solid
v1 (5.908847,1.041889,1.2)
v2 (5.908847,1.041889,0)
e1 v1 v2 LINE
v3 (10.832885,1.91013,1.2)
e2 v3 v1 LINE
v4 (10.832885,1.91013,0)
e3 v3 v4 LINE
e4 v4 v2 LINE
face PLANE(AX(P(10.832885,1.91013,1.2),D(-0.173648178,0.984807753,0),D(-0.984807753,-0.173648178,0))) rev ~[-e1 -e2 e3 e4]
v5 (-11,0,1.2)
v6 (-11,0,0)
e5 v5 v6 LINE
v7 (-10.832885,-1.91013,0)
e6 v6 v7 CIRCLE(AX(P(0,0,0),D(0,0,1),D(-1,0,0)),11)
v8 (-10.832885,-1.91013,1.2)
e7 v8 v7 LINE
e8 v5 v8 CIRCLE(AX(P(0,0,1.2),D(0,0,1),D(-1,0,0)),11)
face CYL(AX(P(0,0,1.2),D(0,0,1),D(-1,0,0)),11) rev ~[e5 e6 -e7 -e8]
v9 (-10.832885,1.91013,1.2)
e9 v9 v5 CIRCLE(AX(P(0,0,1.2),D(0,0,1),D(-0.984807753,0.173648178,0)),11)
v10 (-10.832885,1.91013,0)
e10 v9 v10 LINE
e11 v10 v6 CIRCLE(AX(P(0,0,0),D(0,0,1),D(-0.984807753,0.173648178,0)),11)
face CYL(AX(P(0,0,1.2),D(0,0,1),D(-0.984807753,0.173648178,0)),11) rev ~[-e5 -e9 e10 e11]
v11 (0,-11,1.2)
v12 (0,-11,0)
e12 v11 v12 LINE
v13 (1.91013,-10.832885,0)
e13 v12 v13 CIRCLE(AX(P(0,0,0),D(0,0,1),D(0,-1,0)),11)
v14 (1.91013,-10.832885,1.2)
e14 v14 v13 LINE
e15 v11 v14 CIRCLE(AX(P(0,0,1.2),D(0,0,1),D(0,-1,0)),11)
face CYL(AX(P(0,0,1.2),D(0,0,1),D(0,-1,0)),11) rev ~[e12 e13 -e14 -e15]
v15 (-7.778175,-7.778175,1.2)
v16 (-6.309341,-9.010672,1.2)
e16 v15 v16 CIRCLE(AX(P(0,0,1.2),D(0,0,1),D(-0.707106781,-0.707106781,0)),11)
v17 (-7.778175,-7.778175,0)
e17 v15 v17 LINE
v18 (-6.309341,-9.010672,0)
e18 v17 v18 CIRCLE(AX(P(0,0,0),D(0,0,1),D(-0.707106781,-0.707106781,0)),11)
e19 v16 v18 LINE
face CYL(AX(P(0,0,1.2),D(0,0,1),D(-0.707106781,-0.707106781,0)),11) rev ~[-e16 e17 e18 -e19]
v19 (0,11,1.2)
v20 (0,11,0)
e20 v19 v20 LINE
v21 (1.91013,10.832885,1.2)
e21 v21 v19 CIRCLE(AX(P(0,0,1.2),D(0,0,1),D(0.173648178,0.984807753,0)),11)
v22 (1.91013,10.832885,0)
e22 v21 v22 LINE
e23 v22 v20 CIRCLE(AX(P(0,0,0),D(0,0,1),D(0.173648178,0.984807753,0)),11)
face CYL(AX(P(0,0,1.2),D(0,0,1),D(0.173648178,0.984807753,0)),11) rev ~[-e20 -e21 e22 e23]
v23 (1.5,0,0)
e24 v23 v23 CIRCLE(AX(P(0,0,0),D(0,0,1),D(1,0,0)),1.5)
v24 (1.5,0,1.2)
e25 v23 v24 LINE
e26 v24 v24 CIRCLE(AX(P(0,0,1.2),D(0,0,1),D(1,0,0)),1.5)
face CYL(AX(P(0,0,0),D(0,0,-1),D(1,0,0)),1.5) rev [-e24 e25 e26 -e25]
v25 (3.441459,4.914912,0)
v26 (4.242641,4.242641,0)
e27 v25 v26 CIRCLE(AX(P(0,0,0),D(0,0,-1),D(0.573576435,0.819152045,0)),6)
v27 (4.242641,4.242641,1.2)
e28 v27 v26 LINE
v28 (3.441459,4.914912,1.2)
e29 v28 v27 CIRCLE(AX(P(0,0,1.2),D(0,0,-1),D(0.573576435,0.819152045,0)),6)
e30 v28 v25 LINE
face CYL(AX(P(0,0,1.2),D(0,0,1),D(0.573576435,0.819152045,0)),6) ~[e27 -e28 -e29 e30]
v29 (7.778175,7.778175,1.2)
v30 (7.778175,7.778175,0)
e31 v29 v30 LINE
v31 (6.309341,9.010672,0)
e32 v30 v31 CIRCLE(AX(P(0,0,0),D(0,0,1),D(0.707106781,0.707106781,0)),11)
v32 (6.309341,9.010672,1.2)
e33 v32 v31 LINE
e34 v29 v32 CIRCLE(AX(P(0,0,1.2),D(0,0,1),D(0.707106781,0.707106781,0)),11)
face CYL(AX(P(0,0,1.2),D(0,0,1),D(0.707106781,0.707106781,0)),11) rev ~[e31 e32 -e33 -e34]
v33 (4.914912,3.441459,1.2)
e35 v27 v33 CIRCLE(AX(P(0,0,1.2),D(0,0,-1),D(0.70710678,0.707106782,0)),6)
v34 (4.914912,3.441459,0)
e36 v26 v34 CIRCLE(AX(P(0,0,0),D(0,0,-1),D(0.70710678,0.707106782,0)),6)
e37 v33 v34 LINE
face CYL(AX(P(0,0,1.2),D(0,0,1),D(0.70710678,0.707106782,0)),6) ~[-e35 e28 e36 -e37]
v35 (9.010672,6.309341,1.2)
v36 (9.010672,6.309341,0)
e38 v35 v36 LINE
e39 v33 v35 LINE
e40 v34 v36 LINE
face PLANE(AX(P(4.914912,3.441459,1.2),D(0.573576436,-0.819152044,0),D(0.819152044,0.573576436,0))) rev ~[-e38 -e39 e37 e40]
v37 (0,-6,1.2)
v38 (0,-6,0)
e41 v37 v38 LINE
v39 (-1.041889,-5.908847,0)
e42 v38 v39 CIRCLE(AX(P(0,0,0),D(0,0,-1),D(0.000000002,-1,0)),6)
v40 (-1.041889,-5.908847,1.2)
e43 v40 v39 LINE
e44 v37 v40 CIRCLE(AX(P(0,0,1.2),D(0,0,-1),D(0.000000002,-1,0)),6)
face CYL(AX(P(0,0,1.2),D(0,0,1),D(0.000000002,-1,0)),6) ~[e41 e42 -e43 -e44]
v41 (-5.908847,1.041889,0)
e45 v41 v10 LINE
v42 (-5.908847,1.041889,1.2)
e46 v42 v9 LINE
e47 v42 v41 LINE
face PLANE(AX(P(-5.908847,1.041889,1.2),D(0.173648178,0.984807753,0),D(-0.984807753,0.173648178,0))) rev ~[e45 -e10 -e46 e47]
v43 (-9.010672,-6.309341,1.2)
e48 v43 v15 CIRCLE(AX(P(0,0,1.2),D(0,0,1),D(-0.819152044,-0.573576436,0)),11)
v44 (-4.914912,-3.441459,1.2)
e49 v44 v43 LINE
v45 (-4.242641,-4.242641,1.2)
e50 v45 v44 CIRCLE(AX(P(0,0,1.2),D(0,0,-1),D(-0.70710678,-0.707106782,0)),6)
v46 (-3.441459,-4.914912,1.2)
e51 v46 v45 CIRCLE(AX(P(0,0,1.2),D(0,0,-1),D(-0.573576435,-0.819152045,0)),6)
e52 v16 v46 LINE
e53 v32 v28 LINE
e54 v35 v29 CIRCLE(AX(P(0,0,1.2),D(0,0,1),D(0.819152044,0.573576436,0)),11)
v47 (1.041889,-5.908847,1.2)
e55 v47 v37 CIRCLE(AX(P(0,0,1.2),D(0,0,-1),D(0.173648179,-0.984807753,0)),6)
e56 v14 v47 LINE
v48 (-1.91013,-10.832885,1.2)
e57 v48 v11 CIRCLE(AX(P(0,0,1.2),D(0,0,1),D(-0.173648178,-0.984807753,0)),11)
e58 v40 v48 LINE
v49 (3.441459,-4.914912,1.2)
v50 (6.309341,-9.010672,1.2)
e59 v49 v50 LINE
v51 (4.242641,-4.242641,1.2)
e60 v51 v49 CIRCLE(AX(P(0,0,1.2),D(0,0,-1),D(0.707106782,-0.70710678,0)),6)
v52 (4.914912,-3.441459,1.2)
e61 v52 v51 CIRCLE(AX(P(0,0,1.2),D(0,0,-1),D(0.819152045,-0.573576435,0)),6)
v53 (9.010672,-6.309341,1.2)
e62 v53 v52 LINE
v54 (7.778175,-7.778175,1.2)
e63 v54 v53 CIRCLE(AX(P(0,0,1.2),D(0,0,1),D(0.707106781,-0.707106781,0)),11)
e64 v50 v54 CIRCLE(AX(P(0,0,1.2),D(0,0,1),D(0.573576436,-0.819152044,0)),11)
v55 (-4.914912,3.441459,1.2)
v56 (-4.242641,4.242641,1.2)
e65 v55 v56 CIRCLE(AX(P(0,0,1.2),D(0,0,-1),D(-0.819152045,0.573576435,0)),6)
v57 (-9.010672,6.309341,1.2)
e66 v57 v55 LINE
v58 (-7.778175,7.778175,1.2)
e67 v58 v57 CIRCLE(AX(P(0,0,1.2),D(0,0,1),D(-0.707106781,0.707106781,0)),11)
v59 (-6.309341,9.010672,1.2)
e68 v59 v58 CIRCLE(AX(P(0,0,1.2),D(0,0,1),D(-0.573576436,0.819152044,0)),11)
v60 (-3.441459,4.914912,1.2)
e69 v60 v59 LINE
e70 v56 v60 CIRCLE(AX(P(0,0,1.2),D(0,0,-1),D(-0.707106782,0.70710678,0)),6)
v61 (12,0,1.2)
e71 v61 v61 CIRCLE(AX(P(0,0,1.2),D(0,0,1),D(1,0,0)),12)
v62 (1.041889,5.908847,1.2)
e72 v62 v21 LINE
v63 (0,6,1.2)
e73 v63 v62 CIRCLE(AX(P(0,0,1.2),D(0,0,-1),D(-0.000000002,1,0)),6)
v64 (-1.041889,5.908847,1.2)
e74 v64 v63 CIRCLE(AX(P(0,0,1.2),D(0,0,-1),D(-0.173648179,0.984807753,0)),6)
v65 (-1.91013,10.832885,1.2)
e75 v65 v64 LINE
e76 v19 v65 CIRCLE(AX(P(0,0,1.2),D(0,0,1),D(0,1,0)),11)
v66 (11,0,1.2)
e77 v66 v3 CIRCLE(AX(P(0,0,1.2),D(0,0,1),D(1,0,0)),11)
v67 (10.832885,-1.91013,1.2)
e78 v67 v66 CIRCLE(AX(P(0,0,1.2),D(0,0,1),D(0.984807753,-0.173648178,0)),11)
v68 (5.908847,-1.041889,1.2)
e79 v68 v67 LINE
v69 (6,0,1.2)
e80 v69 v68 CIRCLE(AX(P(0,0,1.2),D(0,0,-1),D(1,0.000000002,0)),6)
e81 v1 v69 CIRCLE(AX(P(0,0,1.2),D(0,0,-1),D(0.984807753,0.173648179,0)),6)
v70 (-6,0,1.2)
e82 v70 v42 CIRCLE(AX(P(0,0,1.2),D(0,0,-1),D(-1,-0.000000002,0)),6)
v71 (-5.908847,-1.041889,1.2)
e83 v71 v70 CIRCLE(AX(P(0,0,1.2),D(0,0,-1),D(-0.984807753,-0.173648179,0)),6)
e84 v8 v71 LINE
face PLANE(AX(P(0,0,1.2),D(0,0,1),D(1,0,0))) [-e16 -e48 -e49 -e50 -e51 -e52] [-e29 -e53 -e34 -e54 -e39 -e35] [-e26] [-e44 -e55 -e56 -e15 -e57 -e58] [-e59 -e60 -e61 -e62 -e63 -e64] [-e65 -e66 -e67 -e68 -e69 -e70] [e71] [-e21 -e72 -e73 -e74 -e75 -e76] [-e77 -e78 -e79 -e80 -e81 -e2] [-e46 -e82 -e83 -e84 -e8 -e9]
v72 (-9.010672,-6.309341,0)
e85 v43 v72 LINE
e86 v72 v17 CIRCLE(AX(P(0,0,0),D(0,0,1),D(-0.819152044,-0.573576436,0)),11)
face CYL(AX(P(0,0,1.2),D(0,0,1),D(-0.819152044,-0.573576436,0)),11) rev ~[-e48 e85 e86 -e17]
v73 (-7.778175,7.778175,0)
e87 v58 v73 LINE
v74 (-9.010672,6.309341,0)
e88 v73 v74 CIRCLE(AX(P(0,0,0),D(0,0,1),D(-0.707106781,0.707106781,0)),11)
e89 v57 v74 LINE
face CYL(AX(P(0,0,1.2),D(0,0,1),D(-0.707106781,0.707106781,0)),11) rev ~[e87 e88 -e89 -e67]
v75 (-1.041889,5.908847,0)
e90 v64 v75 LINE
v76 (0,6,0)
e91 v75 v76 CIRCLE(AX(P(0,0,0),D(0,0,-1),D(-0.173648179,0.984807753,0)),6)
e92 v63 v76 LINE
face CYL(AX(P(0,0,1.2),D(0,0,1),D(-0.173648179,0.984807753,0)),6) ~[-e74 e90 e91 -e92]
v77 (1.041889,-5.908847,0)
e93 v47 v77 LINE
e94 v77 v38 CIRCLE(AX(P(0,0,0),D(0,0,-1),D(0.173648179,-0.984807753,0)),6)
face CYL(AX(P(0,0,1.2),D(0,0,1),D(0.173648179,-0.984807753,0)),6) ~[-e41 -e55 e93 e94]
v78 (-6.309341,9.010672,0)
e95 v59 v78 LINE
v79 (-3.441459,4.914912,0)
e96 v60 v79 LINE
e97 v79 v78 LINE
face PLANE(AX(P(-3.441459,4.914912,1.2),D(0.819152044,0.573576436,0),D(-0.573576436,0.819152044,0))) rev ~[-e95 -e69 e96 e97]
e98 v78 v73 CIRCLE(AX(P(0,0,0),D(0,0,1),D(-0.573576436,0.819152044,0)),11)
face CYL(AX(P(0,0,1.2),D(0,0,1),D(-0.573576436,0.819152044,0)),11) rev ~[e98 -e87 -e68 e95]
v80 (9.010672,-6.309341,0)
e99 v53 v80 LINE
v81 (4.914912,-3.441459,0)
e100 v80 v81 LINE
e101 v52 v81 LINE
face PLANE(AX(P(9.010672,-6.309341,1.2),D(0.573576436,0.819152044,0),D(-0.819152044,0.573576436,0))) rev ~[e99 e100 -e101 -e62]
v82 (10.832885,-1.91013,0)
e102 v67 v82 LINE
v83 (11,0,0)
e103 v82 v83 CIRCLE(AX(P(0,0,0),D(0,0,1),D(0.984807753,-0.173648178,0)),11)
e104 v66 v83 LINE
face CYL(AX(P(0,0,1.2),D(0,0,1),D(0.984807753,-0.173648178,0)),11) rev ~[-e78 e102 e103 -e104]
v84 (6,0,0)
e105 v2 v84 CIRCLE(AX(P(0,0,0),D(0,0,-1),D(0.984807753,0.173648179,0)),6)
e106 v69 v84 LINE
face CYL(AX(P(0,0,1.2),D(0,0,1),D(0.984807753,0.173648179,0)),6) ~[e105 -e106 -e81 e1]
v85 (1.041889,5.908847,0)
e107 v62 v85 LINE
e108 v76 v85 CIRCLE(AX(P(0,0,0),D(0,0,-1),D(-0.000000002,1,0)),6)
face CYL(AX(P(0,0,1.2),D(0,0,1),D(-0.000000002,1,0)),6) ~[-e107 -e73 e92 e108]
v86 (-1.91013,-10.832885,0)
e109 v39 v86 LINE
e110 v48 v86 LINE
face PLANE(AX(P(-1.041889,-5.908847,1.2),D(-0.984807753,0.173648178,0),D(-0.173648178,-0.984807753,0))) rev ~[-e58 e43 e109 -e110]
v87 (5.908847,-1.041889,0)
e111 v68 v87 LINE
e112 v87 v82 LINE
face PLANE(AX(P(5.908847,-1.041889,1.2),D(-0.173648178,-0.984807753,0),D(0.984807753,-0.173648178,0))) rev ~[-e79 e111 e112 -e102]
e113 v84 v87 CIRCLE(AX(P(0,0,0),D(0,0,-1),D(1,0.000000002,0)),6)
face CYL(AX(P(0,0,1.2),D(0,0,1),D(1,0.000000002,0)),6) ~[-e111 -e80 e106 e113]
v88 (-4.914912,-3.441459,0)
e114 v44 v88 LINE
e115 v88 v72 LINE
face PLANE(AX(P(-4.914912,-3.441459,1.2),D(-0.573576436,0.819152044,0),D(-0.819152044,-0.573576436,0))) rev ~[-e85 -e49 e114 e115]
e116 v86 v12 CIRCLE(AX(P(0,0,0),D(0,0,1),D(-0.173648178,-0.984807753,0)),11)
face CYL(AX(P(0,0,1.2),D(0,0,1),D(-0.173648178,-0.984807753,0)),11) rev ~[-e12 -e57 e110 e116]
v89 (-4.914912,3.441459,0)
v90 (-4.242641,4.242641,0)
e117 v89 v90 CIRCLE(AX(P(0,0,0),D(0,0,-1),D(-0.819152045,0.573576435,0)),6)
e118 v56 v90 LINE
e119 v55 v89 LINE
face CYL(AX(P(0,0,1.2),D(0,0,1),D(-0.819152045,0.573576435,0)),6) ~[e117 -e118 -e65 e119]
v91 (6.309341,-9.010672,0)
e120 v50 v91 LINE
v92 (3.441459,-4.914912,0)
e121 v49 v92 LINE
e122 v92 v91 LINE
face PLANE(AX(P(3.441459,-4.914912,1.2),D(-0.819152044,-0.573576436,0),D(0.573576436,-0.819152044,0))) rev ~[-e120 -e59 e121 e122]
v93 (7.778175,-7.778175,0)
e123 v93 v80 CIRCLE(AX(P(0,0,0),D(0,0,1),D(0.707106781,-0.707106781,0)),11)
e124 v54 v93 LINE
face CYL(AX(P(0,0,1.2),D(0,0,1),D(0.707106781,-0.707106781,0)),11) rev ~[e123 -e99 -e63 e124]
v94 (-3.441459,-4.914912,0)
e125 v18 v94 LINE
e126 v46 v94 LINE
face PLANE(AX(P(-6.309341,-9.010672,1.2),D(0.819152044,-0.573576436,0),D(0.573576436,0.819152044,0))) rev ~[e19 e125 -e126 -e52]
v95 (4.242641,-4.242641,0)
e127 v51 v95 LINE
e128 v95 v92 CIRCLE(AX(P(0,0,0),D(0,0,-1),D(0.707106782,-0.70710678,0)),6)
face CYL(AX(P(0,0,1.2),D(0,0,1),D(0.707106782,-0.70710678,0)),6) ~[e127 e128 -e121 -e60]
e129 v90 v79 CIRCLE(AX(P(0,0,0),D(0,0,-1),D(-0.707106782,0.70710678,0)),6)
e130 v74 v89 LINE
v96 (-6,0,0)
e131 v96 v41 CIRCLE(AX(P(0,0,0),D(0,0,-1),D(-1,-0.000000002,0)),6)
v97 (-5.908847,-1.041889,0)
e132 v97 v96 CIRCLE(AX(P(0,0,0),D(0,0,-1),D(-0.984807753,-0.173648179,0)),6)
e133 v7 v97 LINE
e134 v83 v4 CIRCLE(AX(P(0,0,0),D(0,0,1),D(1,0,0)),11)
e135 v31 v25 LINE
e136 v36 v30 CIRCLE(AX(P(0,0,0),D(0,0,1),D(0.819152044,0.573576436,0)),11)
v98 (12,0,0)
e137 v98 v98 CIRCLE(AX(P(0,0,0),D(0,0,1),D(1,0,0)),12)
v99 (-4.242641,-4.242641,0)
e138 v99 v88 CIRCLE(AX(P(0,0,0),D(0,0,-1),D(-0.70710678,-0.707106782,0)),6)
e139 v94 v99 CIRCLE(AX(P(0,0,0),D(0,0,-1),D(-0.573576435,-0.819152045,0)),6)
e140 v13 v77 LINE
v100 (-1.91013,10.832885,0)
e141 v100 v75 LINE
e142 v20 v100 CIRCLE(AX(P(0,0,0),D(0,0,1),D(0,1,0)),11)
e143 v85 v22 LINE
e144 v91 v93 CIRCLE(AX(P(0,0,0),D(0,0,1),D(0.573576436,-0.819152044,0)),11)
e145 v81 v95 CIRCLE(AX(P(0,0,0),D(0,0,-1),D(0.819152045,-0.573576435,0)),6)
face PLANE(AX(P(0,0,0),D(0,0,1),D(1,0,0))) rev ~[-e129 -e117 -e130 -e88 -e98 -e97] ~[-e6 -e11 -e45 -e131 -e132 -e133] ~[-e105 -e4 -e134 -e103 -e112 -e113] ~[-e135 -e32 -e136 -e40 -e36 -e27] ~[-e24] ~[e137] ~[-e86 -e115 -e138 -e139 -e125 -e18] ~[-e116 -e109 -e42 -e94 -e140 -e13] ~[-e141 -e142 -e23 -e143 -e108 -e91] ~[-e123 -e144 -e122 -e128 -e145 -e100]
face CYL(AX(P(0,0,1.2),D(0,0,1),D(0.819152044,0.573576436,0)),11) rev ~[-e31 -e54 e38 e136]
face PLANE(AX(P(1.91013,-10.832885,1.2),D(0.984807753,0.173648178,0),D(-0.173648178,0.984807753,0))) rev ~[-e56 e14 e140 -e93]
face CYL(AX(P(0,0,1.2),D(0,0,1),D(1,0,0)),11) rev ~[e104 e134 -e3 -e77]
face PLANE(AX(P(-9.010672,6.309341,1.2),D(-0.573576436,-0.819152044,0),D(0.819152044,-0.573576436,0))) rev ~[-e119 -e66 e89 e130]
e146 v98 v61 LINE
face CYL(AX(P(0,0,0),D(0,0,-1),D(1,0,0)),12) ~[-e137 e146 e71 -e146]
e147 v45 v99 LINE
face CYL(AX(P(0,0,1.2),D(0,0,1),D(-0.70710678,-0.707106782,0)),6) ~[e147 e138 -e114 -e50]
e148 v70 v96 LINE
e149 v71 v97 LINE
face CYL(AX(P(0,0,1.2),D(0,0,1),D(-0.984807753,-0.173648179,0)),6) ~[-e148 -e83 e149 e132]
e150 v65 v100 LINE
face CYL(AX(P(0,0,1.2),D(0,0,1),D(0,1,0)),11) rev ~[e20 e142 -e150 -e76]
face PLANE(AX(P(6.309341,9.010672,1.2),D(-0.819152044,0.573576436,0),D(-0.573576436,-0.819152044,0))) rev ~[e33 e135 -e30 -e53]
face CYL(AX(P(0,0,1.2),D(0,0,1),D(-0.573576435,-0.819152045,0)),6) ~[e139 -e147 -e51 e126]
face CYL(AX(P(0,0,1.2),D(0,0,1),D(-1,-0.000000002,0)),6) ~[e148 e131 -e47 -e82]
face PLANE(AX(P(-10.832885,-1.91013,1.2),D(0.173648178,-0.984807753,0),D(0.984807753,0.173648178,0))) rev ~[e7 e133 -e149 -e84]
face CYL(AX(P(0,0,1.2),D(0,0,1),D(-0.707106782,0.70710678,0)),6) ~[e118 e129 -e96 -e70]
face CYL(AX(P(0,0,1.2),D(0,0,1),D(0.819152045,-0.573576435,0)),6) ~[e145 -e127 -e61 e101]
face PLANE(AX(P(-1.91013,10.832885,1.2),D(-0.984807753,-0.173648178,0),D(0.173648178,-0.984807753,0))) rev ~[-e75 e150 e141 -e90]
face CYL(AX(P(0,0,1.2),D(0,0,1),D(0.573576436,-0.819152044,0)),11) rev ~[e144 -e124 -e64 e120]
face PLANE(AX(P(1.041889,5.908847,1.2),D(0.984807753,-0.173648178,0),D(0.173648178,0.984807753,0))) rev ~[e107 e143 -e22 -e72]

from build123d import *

# Parameters (mm, degrees)
SKETCH2_R           = 12
SKETCH2_R_2         = 1.5
BOSS_EXTRUDE1_DEPTH = 1.2
CUT_EXTRUDE1_DEPTH  = 1.2
CIRPATTERN1_COUNT   = 8


with BuildPart() as part:
    # Sketch2 → Boss-Extrude1 (new body)
    with BuildSketch(Plane.XY):
        Circle(SKETCH2_R)
        Circle(SKETCH2_R_2, mode=Mode.SUBTRACT)
    extrude(amount=BOSS_EXTRUDE1_DEPTH)

    # Sketch3 → Cut-Extrude1 (cut)
    with BuildSketch(Plane.XY.offset(1.2)):
        with BuildLine():
            ThreePointArc((-1.041889066, 5.908846518), (-0.522934456, 5.977168189), (0, 6))
            Line((0, 6), (0, 11))
            ThreePointArc((0, 11), (-0.95871317, 10.958141679), (-1.910129954, 10.832885283))
            Line((-1.910129954, 10.832885283), (-1.041889066, 5.908846518))
        make_face()
        with BuildLine():
            Line((0, 11), (0, 6))
            ThreePointArc((0, 6), (0.522934456, 5.977168189), (1.041889066, 5.908846518))
            Line((1.041889066, 5.908846518), (1.910129954, 10.832885283))
            ThreePointArc((1.910129954, 10.832885283), (0.95871317, 10.958141679), (0, 11))
        make_face()
    cut_extrude1 = extrude(amount=-CUT_EXTRUDE1_DEPTH, mode=Mode.SUBTRACT)

    # CirPattern1: Cut-Extrude1 ×8 about axis
    cirpattern1_axis = Axis((0, 0, 0), (0, 0, 1))
    for i in range(1, CIRPATTERN1_COUNT):
        add(cut_extrude1.rotate(cirpattern1_axis, i * 360 / CIRPATTERN1_COUNT), mode=Mode.SUBTRACT)


solid = part.part
